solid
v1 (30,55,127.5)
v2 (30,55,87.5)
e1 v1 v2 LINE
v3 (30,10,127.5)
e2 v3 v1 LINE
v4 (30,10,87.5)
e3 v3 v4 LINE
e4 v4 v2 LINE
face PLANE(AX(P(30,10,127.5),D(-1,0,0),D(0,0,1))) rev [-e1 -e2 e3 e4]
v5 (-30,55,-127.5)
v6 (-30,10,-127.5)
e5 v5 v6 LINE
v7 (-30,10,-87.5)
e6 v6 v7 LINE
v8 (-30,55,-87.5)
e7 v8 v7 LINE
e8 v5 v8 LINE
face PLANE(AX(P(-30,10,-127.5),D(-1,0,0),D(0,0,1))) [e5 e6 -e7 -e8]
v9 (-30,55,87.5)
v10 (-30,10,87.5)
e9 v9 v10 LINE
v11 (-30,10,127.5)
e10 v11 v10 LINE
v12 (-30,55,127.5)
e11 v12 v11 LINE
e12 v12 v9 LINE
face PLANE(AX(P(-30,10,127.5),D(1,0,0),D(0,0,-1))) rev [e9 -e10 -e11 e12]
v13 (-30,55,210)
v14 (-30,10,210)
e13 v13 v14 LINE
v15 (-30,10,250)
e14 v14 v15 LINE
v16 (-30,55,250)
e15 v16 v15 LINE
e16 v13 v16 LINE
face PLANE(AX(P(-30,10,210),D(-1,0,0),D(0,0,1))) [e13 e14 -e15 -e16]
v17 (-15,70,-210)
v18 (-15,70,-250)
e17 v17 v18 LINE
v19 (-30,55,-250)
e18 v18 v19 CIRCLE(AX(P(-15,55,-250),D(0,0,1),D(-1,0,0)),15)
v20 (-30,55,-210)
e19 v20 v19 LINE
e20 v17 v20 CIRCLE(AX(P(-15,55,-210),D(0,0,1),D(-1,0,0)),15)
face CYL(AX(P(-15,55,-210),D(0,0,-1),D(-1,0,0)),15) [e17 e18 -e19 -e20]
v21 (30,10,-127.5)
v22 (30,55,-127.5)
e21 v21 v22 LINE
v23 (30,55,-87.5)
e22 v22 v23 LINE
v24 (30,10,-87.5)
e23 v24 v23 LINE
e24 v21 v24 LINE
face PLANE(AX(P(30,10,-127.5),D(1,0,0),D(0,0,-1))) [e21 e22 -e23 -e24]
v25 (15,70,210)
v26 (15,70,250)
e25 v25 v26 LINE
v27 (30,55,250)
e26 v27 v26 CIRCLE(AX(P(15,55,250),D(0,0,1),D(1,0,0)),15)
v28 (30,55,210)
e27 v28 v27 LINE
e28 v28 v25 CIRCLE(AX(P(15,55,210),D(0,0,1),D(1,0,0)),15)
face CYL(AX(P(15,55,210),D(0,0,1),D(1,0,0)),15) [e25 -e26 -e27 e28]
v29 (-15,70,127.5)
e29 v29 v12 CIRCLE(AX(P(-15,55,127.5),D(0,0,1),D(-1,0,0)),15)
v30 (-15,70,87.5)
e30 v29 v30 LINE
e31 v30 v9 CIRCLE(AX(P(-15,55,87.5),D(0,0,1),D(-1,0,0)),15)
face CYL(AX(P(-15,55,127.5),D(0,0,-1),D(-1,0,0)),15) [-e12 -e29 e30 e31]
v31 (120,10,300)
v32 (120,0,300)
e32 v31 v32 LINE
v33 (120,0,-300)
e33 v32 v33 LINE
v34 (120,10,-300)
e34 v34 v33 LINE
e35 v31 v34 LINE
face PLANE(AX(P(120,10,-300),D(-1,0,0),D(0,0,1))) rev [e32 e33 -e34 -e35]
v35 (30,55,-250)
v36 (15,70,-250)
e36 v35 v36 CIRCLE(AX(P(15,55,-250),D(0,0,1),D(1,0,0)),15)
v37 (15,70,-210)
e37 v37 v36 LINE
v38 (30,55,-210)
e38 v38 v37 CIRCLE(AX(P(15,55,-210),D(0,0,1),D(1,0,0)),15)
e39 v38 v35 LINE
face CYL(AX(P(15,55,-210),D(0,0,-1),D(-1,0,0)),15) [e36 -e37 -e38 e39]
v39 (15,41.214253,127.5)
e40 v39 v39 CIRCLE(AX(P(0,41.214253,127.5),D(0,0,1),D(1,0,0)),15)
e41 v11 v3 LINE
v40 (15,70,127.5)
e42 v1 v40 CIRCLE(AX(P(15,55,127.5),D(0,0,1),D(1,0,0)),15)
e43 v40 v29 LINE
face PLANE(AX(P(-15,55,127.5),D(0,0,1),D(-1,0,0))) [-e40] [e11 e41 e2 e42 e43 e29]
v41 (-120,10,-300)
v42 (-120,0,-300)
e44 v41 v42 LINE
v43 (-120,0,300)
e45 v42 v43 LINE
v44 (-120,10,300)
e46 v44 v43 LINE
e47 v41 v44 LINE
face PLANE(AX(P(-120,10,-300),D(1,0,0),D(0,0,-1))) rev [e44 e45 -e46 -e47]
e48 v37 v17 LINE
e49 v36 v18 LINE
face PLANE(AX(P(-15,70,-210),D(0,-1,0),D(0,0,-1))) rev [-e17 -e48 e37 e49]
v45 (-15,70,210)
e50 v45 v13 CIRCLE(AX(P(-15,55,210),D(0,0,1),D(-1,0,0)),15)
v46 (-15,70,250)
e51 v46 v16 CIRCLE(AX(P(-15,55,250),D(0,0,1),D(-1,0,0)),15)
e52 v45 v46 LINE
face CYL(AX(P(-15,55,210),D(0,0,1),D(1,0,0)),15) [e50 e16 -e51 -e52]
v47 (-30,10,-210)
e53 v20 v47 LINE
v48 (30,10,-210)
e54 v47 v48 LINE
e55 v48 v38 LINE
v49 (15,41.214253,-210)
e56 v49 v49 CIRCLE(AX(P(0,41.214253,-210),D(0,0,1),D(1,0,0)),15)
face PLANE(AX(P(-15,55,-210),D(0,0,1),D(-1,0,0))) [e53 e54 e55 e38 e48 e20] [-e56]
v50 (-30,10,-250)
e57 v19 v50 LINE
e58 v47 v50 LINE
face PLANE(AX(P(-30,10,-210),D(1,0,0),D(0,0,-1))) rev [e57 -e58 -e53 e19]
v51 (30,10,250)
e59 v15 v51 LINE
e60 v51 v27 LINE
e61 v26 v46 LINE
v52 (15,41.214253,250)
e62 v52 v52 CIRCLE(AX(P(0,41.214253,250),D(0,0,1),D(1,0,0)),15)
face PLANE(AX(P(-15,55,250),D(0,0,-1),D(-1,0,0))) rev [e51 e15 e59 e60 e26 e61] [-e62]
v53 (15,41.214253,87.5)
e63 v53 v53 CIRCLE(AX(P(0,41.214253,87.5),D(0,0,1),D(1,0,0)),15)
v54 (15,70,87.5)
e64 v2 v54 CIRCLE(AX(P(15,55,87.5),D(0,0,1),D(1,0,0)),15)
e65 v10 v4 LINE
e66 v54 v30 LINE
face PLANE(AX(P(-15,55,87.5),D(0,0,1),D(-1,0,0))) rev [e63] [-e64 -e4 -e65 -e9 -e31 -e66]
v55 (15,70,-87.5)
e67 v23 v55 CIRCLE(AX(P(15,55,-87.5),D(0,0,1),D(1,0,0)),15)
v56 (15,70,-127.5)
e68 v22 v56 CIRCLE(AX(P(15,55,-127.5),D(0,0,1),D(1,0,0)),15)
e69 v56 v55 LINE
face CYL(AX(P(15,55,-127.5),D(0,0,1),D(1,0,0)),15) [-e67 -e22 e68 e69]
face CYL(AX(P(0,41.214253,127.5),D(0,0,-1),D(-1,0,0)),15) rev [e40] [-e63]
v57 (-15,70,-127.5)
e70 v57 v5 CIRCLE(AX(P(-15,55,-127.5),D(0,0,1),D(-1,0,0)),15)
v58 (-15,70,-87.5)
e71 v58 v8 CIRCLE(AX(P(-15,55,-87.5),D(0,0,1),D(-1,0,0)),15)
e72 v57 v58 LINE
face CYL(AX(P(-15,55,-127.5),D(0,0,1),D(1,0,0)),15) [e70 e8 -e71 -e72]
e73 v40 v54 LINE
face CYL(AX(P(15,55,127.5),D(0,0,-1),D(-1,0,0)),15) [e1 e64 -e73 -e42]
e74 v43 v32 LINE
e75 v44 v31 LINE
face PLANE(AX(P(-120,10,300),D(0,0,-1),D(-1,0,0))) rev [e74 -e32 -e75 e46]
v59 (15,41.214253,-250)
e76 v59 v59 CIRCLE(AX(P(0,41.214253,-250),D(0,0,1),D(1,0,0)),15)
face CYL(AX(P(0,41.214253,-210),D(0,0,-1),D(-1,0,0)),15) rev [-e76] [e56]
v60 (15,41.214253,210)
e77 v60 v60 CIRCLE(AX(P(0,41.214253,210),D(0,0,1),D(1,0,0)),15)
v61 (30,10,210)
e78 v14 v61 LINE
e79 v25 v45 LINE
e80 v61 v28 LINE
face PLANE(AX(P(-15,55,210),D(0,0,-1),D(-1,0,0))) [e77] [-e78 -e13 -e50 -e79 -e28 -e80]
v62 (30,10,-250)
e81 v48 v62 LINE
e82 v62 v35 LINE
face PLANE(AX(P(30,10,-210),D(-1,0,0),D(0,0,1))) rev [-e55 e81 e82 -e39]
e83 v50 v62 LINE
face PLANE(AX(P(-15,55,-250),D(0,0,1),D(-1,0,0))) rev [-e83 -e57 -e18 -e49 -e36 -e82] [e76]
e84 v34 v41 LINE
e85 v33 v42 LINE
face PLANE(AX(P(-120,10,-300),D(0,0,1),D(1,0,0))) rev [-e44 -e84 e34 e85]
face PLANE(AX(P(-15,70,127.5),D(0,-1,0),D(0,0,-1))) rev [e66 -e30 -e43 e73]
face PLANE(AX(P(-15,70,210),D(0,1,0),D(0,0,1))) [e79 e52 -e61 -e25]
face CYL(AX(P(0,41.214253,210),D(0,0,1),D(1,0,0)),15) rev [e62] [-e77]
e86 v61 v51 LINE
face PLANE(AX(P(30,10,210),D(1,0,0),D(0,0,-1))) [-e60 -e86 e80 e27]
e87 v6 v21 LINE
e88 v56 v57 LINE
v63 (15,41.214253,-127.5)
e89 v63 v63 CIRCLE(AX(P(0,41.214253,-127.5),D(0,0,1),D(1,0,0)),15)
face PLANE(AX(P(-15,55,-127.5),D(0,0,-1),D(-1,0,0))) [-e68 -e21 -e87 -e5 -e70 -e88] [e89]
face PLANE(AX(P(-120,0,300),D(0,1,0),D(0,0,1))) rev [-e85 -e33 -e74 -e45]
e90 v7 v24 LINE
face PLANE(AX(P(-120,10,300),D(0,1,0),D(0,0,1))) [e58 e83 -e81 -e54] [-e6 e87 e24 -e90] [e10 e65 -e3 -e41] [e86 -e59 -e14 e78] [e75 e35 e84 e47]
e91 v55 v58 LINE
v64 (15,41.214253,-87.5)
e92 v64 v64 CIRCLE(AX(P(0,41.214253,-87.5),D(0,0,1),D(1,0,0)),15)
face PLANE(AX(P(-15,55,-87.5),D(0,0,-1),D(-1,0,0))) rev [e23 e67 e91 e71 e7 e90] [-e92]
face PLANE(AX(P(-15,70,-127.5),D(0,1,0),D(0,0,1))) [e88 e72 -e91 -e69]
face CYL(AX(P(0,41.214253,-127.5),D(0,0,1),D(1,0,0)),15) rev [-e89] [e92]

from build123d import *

# Parameters (mm, degrees)
SKETCH1_W               = 240
SKETCH1_H               = 600
EXTRUDE1_DEPTH          = 10
SKETCH2_R               = 15
EXTRUDE2_DEPTH          = 40
MIRROR2_COPY_1_SKETCH_R = 15
MIRROR2_COPY_1_DEPTH    = 40


with BuildPart() as part:
    # Sketch1 → Extrude1 (new body)
    with BuildSketch(Plane(origin=(0, 0, 0), x_dir=(1, 0, 0), z_dir=(0, 1, 0))):
        Rectangle(SKETCH1_W, SKETCH1_H)
    extrude(amount=EXTRUDE1_DEPTH)

    # Sketch2 → Extrude2 (add)
    with BuildSketch(Plane.XY.offset(250)):
        with BuildLine():
            Line((-30, 10), (30, 10))
            Line((30, 10), (30, 55))
            ThreePointArc((30, 55), (25.606601718, 65.606601718), (15, 70))
            Line((15, 70), (-15, 70))
            ThreePointArc((-15, 70), (-25.606601718, 65.606601718), (-30, 55))
            Line((-30, 55), (-30, 10))
        make_face()
        with Locations((0, 41.214252503)):
            Circle(SKETCH2_R, mode=Mode.SUBTRACT)
    extrude2 = extrude(amount=-EXTRUDE2_DEPTH)

    # Mirror1: Extrude2 across plane
    add(extrude2.mirror(Plane.XY.offset(168.75)))

    # Mirror2: Extrude2 across plane
    add(extrude2.mirror(Plane.XY))

    # Mirror2 copy 1 sketch → Mirror2 copy 1 (add)
    with BuildSketch(Plane.XY.offset(-87.5)):
        with BuildLine():
            Line((-30, 10), (30, 10))
            Line((30, 10), (30, 55))
            ThreePointArc((30, 55), (25.606601718, 65.606601718), (15, 70))
            Line((15, 70), (-15, 70))
            ThreePointArc((-15, 70), (-25.606601718, 65.606601718), (-30, 55))
            Line((-30, 55), (-30, 10))
        make_face()
        with Locations((0, 41.214252503)):
            Circle(MIRROR2_COPY_1_SKETCH_R, mode=Mode.SUBTRACT)
    extrude(amount=-MIRROR2_COPY_1_DEPTH)


solid = part.part
